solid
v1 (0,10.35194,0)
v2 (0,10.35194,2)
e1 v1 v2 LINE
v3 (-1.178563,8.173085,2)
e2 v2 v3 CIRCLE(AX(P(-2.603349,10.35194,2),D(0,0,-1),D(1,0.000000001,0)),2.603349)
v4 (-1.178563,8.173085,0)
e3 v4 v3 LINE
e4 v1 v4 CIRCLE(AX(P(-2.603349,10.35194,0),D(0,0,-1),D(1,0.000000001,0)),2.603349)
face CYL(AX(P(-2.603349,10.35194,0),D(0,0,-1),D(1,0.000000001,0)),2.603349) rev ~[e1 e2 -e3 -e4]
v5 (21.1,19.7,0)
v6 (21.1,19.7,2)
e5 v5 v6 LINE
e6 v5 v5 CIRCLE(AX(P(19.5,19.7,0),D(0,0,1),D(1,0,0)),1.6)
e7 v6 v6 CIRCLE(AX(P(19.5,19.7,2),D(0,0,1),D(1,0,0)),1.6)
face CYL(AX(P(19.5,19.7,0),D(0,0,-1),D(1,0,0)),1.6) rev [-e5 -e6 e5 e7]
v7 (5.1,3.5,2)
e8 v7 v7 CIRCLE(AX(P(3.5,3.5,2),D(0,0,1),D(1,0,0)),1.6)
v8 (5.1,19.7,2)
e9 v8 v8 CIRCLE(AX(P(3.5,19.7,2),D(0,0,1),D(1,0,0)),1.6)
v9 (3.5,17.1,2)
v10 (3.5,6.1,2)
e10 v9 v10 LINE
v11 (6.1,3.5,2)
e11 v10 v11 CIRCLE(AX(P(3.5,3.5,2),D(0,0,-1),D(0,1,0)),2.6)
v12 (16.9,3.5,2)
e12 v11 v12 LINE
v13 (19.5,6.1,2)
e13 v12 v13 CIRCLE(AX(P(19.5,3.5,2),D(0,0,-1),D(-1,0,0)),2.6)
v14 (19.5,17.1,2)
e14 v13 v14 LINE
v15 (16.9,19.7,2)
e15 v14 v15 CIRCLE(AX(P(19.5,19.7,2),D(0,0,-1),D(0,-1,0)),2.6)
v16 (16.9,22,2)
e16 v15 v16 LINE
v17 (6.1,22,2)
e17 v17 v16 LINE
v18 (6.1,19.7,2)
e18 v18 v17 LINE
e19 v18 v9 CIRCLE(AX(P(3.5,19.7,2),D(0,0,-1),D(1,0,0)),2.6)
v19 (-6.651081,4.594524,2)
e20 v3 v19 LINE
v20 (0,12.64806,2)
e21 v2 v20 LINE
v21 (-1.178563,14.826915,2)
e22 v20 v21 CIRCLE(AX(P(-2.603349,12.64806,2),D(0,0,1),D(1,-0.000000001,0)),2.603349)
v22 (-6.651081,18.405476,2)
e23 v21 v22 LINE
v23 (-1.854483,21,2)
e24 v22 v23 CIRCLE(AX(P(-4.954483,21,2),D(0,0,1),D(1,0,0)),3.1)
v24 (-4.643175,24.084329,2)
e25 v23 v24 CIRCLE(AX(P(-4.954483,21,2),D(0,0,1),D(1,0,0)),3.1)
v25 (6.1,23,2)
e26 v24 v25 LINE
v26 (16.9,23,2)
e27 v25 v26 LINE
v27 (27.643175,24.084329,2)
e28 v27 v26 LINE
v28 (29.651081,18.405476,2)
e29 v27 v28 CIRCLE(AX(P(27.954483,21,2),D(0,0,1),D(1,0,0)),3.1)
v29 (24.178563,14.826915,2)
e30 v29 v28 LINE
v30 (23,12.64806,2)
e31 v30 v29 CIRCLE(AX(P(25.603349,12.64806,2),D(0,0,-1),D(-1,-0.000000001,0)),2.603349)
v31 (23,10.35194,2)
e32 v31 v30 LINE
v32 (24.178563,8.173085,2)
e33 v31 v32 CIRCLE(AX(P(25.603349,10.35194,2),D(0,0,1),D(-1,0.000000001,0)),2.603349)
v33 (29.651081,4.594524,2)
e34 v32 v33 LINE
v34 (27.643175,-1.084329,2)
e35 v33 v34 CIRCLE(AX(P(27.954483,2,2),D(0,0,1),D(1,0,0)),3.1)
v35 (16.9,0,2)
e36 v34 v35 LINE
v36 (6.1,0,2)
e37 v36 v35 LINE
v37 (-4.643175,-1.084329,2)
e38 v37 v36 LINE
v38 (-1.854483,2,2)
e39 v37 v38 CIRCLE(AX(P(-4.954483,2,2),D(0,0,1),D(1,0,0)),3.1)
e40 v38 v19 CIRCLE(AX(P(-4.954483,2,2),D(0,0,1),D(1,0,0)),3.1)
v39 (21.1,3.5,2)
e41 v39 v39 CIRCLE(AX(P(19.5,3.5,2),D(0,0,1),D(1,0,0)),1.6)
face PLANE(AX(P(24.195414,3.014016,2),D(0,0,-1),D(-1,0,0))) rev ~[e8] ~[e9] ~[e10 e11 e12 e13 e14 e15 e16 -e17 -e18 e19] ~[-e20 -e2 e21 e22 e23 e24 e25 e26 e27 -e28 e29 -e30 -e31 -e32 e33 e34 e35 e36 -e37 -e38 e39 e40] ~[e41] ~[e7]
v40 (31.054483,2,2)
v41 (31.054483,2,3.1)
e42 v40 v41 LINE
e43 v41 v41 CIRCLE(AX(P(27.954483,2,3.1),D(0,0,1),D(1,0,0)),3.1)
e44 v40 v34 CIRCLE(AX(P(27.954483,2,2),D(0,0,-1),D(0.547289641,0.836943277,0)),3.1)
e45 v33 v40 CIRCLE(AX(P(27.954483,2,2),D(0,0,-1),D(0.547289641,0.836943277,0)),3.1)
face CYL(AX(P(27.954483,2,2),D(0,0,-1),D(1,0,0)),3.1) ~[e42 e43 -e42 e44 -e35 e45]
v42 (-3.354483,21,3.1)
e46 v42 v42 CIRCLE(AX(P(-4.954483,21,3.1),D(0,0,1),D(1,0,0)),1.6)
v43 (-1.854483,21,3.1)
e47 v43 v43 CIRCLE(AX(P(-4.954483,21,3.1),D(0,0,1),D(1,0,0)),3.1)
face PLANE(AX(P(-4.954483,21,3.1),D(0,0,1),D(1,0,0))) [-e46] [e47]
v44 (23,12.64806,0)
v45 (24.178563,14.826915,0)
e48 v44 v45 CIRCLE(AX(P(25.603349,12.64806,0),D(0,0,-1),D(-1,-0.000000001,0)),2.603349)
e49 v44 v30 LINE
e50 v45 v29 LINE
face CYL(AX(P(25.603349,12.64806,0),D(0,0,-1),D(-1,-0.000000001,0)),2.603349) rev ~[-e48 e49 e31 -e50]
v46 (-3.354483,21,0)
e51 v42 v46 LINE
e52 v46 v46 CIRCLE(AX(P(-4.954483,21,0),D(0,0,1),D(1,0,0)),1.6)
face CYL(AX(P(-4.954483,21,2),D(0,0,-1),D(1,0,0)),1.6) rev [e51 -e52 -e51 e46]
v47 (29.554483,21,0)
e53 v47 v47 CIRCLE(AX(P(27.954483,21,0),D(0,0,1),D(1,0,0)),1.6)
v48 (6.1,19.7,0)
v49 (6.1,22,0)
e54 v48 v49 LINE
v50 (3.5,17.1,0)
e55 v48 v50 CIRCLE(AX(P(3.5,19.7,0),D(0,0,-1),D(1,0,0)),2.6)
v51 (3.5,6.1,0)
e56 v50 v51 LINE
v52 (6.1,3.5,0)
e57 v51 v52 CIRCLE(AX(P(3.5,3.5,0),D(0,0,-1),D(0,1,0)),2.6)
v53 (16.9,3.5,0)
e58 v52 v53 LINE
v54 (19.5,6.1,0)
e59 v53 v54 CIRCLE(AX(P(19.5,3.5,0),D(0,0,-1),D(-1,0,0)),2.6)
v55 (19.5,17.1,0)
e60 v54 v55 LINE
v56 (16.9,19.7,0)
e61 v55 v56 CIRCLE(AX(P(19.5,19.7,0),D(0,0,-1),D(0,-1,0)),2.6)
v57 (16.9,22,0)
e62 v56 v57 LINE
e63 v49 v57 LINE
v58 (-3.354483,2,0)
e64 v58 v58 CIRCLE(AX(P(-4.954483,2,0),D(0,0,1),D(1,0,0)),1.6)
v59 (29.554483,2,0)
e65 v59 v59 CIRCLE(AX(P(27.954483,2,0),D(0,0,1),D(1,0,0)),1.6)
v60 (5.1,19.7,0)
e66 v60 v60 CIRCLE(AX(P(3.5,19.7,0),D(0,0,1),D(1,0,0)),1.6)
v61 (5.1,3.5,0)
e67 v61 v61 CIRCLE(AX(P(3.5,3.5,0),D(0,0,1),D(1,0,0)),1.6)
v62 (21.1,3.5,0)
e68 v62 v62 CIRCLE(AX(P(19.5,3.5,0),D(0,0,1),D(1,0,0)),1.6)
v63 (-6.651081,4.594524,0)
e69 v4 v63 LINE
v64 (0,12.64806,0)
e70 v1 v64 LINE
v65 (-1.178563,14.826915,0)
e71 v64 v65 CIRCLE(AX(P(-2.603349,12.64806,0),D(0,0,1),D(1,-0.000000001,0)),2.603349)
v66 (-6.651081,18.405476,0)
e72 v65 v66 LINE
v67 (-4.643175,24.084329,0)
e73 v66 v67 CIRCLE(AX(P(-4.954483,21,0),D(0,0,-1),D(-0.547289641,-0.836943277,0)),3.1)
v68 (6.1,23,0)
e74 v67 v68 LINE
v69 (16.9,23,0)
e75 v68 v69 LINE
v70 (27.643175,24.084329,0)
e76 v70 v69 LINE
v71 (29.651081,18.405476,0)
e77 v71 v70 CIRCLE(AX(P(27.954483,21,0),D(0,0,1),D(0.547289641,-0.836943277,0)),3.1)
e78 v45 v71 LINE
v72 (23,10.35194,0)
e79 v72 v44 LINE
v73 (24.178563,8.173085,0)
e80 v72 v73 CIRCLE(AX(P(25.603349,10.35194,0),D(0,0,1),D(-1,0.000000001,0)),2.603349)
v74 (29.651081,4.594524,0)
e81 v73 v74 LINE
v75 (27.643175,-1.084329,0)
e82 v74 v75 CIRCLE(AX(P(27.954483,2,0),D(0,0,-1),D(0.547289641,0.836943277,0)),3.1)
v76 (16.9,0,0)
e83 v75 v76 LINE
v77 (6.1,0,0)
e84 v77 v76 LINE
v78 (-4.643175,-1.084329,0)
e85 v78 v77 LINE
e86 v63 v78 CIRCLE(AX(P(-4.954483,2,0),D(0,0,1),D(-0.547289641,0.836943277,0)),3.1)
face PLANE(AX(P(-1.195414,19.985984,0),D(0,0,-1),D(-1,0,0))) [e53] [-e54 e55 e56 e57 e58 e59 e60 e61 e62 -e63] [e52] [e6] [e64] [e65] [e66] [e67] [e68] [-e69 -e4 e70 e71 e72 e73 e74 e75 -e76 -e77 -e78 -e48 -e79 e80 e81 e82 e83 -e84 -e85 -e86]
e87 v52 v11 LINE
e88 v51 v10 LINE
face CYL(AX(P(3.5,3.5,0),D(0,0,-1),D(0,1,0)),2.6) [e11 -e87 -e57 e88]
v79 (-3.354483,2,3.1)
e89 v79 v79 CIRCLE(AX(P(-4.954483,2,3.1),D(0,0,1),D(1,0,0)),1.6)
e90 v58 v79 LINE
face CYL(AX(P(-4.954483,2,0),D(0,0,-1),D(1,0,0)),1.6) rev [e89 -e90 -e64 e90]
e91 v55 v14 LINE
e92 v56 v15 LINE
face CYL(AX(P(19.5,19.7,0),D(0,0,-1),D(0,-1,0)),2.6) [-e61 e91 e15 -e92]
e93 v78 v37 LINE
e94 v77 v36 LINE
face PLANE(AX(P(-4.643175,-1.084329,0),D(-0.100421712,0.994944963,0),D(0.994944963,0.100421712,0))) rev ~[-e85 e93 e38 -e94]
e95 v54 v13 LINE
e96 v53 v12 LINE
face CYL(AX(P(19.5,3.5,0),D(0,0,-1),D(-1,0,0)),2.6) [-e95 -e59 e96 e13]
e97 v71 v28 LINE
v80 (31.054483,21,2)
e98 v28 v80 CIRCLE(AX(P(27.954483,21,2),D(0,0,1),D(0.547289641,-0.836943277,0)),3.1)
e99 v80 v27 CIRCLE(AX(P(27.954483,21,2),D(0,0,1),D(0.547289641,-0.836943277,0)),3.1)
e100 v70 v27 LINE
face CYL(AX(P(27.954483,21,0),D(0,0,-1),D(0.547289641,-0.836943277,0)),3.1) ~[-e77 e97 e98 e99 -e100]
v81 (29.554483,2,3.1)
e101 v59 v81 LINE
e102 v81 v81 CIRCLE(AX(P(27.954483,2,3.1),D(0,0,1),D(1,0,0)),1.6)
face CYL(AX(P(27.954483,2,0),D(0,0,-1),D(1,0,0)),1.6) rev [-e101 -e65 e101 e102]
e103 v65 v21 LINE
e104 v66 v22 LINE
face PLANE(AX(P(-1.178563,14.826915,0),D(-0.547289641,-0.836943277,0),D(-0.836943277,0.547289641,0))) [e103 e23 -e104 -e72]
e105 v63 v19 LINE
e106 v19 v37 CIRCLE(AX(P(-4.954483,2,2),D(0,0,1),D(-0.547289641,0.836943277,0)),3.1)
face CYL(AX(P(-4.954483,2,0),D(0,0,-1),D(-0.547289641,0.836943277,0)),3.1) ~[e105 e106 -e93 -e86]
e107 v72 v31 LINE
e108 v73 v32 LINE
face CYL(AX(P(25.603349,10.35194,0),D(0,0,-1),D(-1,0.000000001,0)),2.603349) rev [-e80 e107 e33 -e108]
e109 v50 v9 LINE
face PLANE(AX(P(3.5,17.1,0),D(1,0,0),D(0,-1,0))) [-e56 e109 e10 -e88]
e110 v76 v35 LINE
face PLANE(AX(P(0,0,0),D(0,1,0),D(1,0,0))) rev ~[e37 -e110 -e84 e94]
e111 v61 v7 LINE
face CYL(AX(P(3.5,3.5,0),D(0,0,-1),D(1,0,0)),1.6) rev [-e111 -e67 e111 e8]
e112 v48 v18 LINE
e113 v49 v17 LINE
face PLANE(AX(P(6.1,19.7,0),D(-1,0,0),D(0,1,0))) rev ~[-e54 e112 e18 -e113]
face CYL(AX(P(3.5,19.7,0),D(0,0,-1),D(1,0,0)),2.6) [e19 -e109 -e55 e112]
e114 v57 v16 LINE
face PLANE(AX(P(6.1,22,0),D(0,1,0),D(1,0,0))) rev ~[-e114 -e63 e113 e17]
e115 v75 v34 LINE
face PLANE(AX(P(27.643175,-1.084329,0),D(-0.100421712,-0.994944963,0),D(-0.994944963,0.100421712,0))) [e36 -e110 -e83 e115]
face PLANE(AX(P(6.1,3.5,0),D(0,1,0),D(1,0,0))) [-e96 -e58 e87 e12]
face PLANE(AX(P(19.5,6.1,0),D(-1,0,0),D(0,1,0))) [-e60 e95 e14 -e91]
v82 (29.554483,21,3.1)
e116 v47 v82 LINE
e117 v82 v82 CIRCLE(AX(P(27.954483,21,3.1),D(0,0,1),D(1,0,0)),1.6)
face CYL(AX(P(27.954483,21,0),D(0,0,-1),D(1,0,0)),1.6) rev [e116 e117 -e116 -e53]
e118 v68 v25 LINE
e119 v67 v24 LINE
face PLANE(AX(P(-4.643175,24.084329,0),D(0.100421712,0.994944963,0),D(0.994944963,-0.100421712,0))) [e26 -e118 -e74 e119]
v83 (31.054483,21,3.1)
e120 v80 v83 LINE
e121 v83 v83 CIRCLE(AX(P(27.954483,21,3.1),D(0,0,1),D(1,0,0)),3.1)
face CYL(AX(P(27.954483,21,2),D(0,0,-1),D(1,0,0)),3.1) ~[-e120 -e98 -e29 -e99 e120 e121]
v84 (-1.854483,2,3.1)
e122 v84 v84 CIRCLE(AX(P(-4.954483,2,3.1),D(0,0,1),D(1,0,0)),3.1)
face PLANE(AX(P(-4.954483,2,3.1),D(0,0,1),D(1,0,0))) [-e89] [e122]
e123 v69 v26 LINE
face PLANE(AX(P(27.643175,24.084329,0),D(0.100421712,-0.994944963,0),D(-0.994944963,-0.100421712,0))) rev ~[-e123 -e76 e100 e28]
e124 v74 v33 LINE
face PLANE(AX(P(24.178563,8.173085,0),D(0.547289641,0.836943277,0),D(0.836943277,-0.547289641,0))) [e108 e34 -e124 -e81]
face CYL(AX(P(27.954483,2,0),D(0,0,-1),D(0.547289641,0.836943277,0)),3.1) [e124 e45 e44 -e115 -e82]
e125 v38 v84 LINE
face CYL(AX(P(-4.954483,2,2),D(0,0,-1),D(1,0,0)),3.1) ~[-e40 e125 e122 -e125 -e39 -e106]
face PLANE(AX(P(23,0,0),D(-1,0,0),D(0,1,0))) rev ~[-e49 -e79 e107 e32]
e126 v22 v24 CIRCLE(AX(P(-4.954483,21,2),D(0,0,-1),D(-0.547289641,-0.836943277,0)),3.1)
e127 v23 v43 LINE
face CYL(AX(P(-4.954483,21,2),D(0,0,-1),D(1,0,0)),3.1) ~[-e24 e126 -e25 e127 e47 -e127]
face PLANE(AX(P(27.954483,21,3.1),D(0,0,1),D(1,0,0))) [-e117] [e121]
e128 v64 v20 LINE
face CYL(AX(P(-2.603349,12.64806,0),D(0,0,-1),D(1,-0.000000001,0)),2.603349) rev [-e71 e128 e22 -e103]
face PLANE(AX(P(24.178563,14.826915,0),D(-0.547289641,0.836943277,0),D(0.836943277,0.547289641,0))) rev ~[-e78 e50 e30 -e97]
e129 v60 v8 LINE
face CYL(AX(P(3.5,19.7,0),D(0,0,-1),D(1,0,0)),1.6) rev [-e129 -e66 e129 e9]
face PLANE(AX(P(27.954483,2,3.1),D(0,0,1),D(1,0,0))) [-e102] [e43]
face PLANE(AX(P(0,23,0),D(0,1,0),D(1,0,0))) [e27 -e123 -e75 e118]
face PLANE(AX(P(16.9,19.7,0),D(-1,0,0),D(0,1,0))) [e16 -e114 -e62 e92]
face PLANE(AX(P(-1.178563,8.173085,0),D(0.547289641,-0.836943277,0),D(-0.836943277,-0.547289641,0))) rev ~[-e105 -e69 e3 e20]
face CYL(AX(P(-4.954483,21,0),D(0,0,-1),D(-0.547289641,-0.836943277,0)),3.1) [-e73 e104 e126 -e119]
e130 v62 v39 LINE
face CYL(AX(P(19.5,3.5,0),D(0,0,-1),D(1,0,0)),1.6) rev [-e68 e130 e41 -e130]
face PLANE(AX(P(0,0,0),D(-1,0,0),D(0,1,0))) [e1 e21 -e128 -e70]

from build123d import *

# Parameters (mm, degrees)
SKETCH1_W             = 23
SKETCH1_H             = 23
BOSS_EXTRUDE1_DEPTH   = 2
FILLET1_R             = 2
SKETCH2_R             = 1.6
CUT_EXTRUDE1_DEPTH    = 2
SKETCH3_W             = 10.8
SKETCH3_H             = 2.3
CUT_EXTRUDE2_DEPTH    = 2
SKETCH5_R             = 1.6
BOSS_EXTRUDE2_DEPTH   = 2
BOSS_EXTRUDE2_2_DEPTH = 2
BOSS_EXTRUDE2_3_DEPTH = 2
BOSS_EXTRUDE2_4_DEPTH = 2
BOSS_EXTRUDE3_START   = 2
SKETCH6_R             = 3.1
SKETCH6_R_2           = 1.6
BOSS_EXTRUDE3_DEPTH   = 1.1


with BuildPart() as part:
    # Sketch1 → Boss-Extrude1 (new body)
    with BuildSketch(Plane.XY):
        with Locations((11.5, 11.5)):
            Rectangle(SKETCH1_W, SKETCH1_H)
    extrude(amount=BOSS_EXTRUDE1_DEPTH)

    # Fillet1
    fillet1_edges = [part.edges().sort_by_distance(p)[0] for p in [
        (0, 23, 1),
        (23, 23, 1),
        (23, 0, 1),
        (0, 0, 1),
    ]]
    fillet(fillet1_edges, radius=FILLET1_R)

    # Sketch2 → Cut-Extrude1 (cut)
    with BuildSketch(Plane.XY):
        with Locations((3.5, 19.7)):
            Circle(SKETCH2_R)
        with Locations((19.5, 19.7)):
            Circle(SKETCH2_R)
        with Locations((19.5, 3.5)):
            Circle(SKETCH2_R)
        with Locations((3.5, 3.5)):
            Circle(SKETCH2_R)
        with BuildLine():
            Line((3.5, 17.1), (3.5, 6.1))
            ThreePointArc((3.5, 6.1), (5.338477631, 5.338477631), (6.1, 3.5))
            Line((6.1, 3.5), (16.9, 3.5))
            ThreePointArc((16.9, 3.5), (17.661522369, 5.338477631), (19.5, 6.1))
            Line((19.5, 6.1), (19.5, 17.1))
            ThreePointArc((19.5, 17.1), (17.661522369, 17.861522369), (16.9, 19.7))
            Line((16.9, 19.7), (6.1, 19.7))
            ThreePointArc((6.1, 19.7), (5.338477631, 17.861522369), (3.5, 17.1))
        make_face()
    extrude(amount=CUT_EXTRUDE1_DEPTH, mode=Mode.SUBTRACT)

    # Sketch3 → Cut-Extrude2 (cut)
    with BuildSketch(Plane.XY):
        with Locations((11.5, 20.85)):
            Rectangle(SKETCH3_W, SKETCH3_H)
    extrude(amount=CUT_EXTRUDE2_DEPTH, mode=Mode.SUBTRACT)


with BuildPart() as body_2:
    # Sketch5 → Boss-Extrude2 (new body)
    with BuildSketch(Plane.XY):
        with BuildLine():
            Line((16.9, 23), (21.776453683, 21.561960094))
            Line((21.776453683, 21.561960094), (23, 12.648059803))
            ThreePointArc((23, 12.648059803), (23.313519219, 13.886650017), (24.17856315, 14.826915413))
            Line((24.17856315, 14.826915413), (29.65108056, 18.405475842))
            ThreePointArc((29.65108056, 18.405475842), (30.877170115, 22.033391556), (27.643175365, 24.084329386))
            Line((27.643175365, 24.084329386), (16.9, 23))
        make_face()
        with Locations((27.954482672, 21)):
            Circle(SKETCH5_R, mode=Mode.SUBTRACT)
    extrude(amount=BOSS_EXTRUDE2_DEPTH)


with BuildPart() as body_3:
    # Sketch5 → Boss-Extrude2 2 (new body)
    with BuildSketch(Plane.XY):
        with BuildLine():
            Line((-4.643175365, 24.084329386), (6.1, 23))
            Line((6.1, 23), (1.223546317, 21.561960094))
            Line((1.223546317, 21.561960094), (0, 12.648059803))
            ThreePointArc((0, 12.648059803), (-0.313519219, 13.886650017), (-1.17856315, 14.826915413))
            Line((-1.17856315, 14.826915413), (-6.65108056, 18.405475842))
            ThreePointArc((-6.65108056, 18.405475842), (-7.877170115, 22.033391556), (-4.643175365, 24.084329386))
        make_face()
        with Locations((-4.954482672, 21)):
            Circle(SKETCH5_R, mode=Mode.SUBTRACT)
    extrude(amount=BOSS_EXTRUDE2_2_DEPTH)


with BuildPart() as body_4:
    # Sketch5 → Boss-Extrude2 3 (new body)
    with BuildSketch(Plane.XY):
        with BuildLine():
            Line((16.9, 0), (21.776453683, 1.438039906))
            Line((21.776453683, 1.438039906), (23, 10.351940197))
            ThreePointArc((23, 10.351940197), (23.313519219, 9.113349983), (24.17856315, 8.173084587))
            Line((24.17856315, 8.173084587), (29.65108056, 4.594524158))
            ThreePointArc((29.65108056, 4.594524158), (30.877170115, 0.966608444), (27.643175365, -1.084329386))
            Line((27.643175365, -1.084329386), (16.9, 0))
        make_face()
        with Locations((27.954482672, 2)):
            Circle(SKETCH5_R, mode=Mode.SUBTRACT)
    extrude(amount=BOSS_EXTRUDE2_3_DEPTH)


with BuildPart() as body_5:
    # Sketch5 → Boss-Extrude2 4 (new body)
    with BuildSketch(Plane.XY):
        with BuildLine():
            Line((6.1, 0), (1.223546317, 1.438039906))
            Line((1.223546317, 1.438039906), (0, 10.351940197))
            ThreePointArc((0, 10.351940197), (-0.313519219, 9.113349983), (-1.17856315, 8.173084587))
            Line((-1.17856315, 8.173084587), (-6.65108056, 4.594524158))
            ThreePointArc((-6.65108056, 4.594524158), (-7.877170115, 0.966608444), (-4.643175365, -1.084329386))
            Line((-4.643175365, -1.084329386), (6.1, 0))
        make_face()
        with Locations((-4.954482672, 2)):
            Circle(SKETCH5_R, mode=Mode.SUBTRACT)
    extrude(amount=BOSS_EXTRUDE2_4_DEPTH)

    # Combine1: union part, body 3, body 2, body 4
    add(part.part)
    add(body_3.part)
    add(body_2.part)
    add(body_4.part)

    # Sketch6 → Boss-Extrude3 (add)
    with BuildSketch(Plane.XY.offset(BOSS_EXTRUDE3_START)):
        with Locations((-4.954482672, 21)):
            Circle(SKETCH6_R)
        with Locations((-4.954482672, 21)):
            Circle(SKETCH6_R_2, mode=Mode.SUBTRACT)
        with Locations((-4.954482672, 2)):
            Circle(SKETCH6_R)
        with Locations((-4.954482672, 2)):
            Circle(SKETCH6_R_2, mode=Mode.SUBTRACT)
        with Locations((27.954482672, 2)):
            Circle(SKETCH6_R)
        with Locations((27.954482672, 2)):
            Circle(SKETCH6_R_2, mode=Mode.SUBTRACT)
        with Locations((27.954482672, 21)):
            Circle(SKETCH6_R)
        with Locations((27.954482672, 21)):
            Circle(SKETCH6_R_2, mode=Mode.SUBTRACT)
    extrude(amount=BOSS_EXTRUDE3_DEPTH)


solid = body_5.part
